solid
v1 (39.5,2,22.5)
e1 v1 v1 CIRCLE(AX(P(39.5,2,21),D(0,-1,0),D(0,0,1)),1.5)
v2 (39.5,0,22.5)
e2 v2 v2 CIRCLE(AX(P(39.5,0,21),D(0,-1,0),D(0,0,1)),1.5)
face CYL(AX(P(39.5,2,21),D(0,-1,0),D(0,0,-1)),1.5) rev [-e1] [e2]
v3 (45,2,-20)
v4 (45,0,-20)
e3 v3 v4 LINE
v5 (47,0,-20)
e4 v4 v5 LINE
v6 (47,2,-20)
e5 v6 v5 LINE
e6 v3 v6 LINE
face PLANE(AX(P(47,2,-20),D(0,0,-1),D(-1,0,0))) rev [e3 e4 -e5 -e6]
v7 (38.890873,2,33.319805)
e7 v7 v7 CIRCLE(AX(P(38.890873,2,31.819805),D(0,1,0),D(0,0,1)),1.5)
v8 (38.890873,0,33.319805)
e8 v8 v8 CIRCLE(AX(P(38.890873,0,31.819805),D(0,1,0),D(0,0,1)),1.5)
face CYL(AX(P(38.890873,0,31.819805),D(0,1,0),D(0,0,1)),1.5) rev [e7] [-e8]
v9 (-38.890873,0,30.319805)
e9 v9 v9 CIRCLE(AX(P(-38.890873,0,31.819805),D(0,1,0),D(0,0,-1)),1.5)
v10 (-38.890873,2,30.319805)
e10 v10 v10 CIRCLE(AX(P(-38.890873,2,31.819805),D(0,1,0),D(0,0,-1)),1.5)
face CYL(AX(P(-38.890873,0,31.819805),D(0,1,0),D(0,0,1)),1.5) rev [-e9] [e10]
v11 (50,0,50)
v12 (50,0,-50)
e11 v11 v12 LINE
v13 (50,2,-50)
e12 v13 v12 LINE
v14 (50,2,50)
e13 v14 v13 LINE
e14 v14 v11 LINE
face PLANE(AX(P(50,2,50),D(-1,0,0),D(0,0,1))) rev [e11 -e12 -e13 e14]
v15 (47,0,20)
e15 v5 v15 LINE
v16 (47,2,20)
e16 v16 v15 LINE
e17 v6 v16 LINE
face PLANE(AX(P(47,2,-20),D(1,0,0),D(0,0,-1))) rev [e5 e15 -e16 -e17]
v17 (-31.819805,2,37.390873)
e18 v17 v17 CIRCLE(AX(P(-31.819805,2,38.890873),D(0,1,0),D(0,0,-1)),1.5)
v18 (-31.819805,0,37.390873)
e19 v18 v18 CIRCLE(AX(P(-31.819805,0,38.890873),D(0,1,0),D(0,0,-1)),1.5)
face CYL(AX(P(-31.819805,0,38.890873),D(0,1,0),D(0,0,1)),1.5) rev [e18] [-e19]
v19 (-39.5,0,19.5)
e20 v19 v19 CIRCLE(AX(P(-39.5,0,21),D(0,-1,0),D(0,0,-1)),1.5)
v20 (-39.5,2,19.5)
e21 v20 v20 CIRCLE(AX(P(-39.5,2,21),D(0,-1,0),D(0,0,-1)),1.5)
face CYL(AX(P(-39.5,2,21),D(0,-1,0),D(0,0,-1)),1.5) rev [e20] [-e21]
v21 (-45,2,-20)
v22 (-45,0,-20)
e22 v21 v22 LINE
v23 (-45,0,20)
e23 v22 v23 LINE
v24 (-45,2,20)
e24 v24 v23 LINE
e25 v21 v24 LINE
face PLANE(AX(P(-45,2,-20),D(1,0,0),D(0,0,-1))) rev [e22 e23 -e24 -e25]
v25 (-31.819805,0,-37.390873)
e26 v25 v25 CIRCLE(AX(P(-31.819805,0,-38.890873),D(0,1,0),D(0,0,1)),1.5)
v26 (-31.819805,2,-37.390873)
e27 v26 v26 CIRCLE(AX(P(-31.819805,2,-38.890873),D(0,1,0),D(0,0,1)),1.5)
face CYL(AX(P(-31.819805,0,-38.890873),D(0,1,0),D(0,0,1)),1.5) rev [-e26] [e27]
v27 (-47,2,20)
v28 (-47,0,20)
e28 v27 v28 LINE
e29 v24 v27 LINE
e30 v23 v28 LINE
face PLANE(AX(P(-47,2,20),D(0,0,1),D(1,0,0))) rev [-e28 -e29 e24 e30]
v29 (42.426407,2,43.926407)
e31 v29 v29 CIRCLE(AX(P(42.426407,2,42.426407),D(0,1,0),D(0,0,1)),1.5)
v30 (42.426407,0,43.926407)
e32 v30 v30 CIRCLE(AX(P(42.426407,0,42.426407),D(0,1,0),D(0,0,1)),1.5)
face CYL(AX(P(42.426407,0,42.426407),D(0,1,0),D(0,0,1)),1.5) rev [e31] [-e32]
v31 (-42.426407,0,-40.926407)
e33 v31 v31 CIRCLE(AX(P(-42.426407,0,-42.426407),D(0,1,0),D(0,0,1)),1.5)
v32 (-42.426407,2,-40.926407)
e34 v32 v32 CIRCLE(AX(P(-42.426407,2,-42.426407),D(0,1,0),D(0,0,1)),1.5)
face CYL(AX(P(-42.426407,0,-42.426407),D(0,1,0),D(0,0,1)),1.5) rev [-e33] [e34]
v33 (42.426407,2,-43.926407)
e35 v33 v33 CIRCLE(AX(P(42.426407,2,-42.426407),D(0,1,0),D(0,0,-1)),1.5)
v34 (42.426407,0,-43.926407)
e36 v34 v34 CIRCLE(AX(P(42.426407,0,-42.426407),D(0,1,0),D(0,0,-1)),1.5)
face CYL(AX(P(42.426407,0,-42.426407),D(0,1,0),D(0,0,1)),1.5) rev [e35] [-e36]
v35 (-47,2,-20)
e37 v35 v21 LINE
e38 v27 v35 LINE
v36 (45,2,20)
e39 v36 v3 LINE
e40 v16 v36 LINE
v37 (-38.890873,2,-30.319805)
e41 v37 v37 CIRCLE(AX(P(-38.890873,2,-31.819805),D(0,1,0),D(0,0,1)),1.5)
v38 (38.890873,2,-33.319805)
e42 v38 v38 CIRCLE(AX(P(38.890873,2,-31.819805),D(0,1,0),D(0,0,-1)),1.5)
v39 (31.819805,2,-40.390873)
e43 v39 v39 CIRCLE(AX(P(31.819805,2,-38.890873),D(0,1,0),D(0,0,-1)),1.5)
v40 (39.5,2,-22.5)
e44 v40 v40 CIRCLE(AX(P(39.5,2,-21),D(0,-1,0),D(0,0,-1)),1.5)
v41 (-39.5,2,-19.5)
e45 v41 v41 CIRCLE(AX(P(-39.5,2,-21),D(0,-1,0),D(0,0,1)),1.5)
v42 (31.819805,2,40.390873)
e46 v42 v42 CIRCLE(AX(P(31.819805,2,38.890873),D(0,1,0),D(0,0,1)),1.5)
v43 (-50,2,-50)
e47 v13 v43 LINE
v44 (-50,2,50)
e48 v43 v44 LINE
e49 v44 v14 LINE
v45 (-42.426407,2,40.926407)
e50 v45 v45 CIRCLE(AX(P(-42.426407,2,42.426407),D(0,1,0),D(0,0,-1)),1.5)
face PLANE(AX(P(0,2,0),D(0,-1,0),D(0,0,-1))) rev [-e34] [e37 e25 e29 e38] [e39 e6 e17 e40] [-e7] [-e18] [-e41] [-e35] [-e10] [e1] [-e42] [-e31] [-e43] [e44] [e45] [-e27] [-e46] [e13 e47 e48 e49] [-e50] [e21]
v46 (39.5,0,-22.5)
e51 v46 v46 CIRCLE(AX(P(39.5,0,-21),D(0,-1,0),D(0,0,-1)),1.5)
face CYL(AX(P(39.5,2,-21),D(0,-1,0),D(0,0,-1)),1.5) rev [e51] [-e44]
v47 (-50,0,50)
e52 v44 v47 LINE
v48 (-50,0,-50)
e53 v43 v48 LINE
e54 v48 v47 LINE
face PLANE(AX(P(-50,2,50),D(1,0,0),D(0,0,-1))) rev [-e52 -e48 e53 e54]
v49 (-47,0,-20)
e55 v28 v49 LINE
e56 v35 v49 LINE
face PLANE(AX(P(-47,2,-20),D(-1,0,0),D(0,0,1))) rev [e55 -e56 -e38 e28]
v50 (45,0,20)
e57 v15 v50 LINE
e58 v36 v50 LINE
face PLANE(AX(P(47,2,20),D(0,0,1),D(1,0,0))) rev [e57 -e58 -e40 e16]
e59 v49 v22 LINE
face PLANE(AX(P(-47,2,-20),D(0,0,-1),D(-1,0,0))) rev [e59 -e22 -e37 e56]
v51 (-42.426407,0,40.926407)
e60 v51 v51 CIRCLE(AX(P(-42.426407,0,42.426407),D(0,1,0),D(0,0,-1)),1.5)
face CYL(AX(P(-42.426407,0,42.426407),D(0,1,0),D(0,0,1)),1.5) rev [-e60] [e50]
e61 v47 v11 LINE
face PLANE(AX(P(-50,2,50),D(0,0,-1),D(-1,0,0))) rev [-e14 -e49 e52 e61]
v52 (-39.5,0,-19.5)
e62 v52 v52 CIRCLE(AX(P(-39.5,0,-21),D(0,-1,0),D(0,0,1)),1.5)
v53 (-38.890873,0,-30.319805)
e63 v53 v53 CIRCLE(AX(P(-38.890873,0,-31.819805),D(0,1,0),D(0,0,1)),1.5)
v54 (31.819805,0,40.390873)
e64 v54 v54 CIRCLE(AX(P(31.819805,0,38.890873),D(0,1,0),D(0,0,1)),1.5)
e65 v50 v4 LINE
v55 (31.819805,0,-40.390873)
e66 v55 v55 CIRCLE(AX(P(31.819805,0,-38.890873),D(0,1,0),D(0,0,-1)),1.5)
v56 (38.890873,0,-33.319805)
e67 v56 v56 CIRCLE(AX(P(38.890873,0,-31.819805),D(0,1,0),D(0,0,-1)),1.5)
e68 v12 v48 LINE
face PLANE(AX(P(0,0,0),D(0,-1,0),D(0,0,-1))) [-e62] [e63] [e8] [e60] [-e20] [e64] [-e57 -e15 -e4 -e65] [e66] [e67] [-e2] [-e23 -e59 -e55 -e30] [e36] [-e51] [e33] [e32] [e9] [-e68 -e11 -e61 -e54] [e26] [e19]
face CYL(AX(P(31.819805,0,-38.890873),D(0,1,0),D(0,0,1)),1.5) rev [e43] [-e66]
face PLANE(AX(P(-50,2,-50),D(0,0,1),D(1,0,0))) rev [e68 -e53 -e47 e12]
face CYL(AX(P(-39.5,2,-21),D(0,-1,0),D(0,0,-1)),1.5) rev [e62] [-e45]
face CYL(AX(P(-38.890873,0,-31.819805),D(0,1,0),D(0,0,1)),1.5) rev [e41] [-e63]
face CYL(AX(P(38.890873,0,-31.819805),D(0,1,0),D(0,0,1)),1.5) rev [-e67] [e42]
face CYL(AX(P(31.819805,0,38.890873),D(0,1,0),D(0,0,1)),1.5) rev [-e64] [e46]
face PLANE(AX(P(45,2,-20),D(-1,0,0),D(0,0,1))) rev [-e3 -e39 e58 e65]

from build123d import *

# Parameters (mm, degrees)
SKETCH_1_W          = 100
SKETCH_1_H          = 100
EXTRUDE_1_DEPTH     = 2
SKETCH_3_R          = 1.5
CUT_EXTRUDE_2_DEPTH = 71.738956735
SKETCH_4_R          = 1.5
CUT_EXTRUDE_3_DEPTH = 71.738956735
SKETCH_5_W          = 2
SKETCH_5_H          = 40
CUT_EXTRUDE_4_DEPTH = 71.738956735


with BuildPart() as part:
    # 草图1 → 凸台-拉伸1 (new body)
    with BuildSketch(Plane(origin=(0, 0, 0), x_dir=(1, 0, 0), z_dir=(0, 1, 0))):
        Rectangle(SKETCH_1_W, SKETCH_1_H)
    extrude(amount=EXTRUDE_1_DEPTH)

    # 草图3 → 切除-拉伸2 (cut, through all)
    with BuildSketch(Plane(origin=(0, 2, 0), x_dir=(1, 0, 0), z_dir=(0, 1, 0))):
        with Locations(Location((-42.426406871, 42.426406871, 0), (0, 0, 270))):
            Circle(SKETCH_3_R)
        with Locations(Location((-31.819805153, 38.890872965, 0), (0, 0, 270))):
            Circle(SKETCH_3_R)
        with Locations(Location((-38.890872965, 31.819805153, 0), (0, 0, 270))):
            Circle(SKETCH_3_R)
        with Locations(Location((-31.819805153, -38.890872965, 0), (0, 0, 90))):
            Circle(SKETCH_3_R)
        with Locations(Location((-38.890872965, -31.819805153, 0), (0, 0, 90))):
            Circle(SKETCH_3_R)
        with Locations(Location((-42.426406871, -42.426406871, 0), (0, 0, 90))):
            Circle(SKETCH_3_R)
        with Locations(Location((31.819805153, 38.890872965, 0), (0, 0, 90))):
            Circle(SKETCH_3_R)
        with Locations(Location((38.890872965, 31.819805153, 0), (0, 0, 90))):
            Circle(SKETCH_3_R)
        with Locations(Location((42.426406871, 42.426406871, 0), (0, 0, 90))):
            Circle(SKETCH_3_R)
        with Locations(Location((31.819805153, -38.890872965, 0), (0, 0, 270))):
            Circle(SKETCH_3_R)
        with Locations(Location((42.426406871, -42.426406871, 0), (0, 0, 270))):
            Circle(SKETCH_3_R)
        with Locations(Location((38.890872965, -31.819805153, 0), (0, 0, 270))):
            Circle(SKETCH_3_R)
    extrude(amount=-CUT_EXTRUDE_2_DEPTH, mode=Mode.SUBTRACT)

    # 草图4 → 切除-拉伸3 (cut, through all)
    with BuildSketch(Plane.XZ):
        with Locations(Location((-39.5, 21, 0), (0, 0, 270))):
            Circle(SKETCH_4_R)
        with Locations(Location((39.5, 21, 0), (0, 0, 90))):
            Circle(SKETCH_4_R)
        with Locations(Location((39.5, -21, 0), (0, 0, 270))):
            Circle(SKETCH_4_R)
        with Locations(Location((-39.5, -21, 0), (0, 0, 90))):
            Circle(SKETCH_4_R)
    extrude(amount=-CUT_EXTRUDE_3_DEPTH, mode=Mode.SUBTRACT)

    # 草图5 → 切除-拉伸4 (cut, through all)
    with BuildSketch(Plane.XZ):
        with Locations((-46, 0)):
            Rectangle(SKETCH_5_W, SKETCH_5_H)
        with Locations((46, 0)):
            Rectangle(SKETCH_5_W, SKETCH_5_H)
    extrude(amount=-CUT_EXTRUDE_4_DEPTH, mode=Mode.SUBTRACT)


solid = part.part
